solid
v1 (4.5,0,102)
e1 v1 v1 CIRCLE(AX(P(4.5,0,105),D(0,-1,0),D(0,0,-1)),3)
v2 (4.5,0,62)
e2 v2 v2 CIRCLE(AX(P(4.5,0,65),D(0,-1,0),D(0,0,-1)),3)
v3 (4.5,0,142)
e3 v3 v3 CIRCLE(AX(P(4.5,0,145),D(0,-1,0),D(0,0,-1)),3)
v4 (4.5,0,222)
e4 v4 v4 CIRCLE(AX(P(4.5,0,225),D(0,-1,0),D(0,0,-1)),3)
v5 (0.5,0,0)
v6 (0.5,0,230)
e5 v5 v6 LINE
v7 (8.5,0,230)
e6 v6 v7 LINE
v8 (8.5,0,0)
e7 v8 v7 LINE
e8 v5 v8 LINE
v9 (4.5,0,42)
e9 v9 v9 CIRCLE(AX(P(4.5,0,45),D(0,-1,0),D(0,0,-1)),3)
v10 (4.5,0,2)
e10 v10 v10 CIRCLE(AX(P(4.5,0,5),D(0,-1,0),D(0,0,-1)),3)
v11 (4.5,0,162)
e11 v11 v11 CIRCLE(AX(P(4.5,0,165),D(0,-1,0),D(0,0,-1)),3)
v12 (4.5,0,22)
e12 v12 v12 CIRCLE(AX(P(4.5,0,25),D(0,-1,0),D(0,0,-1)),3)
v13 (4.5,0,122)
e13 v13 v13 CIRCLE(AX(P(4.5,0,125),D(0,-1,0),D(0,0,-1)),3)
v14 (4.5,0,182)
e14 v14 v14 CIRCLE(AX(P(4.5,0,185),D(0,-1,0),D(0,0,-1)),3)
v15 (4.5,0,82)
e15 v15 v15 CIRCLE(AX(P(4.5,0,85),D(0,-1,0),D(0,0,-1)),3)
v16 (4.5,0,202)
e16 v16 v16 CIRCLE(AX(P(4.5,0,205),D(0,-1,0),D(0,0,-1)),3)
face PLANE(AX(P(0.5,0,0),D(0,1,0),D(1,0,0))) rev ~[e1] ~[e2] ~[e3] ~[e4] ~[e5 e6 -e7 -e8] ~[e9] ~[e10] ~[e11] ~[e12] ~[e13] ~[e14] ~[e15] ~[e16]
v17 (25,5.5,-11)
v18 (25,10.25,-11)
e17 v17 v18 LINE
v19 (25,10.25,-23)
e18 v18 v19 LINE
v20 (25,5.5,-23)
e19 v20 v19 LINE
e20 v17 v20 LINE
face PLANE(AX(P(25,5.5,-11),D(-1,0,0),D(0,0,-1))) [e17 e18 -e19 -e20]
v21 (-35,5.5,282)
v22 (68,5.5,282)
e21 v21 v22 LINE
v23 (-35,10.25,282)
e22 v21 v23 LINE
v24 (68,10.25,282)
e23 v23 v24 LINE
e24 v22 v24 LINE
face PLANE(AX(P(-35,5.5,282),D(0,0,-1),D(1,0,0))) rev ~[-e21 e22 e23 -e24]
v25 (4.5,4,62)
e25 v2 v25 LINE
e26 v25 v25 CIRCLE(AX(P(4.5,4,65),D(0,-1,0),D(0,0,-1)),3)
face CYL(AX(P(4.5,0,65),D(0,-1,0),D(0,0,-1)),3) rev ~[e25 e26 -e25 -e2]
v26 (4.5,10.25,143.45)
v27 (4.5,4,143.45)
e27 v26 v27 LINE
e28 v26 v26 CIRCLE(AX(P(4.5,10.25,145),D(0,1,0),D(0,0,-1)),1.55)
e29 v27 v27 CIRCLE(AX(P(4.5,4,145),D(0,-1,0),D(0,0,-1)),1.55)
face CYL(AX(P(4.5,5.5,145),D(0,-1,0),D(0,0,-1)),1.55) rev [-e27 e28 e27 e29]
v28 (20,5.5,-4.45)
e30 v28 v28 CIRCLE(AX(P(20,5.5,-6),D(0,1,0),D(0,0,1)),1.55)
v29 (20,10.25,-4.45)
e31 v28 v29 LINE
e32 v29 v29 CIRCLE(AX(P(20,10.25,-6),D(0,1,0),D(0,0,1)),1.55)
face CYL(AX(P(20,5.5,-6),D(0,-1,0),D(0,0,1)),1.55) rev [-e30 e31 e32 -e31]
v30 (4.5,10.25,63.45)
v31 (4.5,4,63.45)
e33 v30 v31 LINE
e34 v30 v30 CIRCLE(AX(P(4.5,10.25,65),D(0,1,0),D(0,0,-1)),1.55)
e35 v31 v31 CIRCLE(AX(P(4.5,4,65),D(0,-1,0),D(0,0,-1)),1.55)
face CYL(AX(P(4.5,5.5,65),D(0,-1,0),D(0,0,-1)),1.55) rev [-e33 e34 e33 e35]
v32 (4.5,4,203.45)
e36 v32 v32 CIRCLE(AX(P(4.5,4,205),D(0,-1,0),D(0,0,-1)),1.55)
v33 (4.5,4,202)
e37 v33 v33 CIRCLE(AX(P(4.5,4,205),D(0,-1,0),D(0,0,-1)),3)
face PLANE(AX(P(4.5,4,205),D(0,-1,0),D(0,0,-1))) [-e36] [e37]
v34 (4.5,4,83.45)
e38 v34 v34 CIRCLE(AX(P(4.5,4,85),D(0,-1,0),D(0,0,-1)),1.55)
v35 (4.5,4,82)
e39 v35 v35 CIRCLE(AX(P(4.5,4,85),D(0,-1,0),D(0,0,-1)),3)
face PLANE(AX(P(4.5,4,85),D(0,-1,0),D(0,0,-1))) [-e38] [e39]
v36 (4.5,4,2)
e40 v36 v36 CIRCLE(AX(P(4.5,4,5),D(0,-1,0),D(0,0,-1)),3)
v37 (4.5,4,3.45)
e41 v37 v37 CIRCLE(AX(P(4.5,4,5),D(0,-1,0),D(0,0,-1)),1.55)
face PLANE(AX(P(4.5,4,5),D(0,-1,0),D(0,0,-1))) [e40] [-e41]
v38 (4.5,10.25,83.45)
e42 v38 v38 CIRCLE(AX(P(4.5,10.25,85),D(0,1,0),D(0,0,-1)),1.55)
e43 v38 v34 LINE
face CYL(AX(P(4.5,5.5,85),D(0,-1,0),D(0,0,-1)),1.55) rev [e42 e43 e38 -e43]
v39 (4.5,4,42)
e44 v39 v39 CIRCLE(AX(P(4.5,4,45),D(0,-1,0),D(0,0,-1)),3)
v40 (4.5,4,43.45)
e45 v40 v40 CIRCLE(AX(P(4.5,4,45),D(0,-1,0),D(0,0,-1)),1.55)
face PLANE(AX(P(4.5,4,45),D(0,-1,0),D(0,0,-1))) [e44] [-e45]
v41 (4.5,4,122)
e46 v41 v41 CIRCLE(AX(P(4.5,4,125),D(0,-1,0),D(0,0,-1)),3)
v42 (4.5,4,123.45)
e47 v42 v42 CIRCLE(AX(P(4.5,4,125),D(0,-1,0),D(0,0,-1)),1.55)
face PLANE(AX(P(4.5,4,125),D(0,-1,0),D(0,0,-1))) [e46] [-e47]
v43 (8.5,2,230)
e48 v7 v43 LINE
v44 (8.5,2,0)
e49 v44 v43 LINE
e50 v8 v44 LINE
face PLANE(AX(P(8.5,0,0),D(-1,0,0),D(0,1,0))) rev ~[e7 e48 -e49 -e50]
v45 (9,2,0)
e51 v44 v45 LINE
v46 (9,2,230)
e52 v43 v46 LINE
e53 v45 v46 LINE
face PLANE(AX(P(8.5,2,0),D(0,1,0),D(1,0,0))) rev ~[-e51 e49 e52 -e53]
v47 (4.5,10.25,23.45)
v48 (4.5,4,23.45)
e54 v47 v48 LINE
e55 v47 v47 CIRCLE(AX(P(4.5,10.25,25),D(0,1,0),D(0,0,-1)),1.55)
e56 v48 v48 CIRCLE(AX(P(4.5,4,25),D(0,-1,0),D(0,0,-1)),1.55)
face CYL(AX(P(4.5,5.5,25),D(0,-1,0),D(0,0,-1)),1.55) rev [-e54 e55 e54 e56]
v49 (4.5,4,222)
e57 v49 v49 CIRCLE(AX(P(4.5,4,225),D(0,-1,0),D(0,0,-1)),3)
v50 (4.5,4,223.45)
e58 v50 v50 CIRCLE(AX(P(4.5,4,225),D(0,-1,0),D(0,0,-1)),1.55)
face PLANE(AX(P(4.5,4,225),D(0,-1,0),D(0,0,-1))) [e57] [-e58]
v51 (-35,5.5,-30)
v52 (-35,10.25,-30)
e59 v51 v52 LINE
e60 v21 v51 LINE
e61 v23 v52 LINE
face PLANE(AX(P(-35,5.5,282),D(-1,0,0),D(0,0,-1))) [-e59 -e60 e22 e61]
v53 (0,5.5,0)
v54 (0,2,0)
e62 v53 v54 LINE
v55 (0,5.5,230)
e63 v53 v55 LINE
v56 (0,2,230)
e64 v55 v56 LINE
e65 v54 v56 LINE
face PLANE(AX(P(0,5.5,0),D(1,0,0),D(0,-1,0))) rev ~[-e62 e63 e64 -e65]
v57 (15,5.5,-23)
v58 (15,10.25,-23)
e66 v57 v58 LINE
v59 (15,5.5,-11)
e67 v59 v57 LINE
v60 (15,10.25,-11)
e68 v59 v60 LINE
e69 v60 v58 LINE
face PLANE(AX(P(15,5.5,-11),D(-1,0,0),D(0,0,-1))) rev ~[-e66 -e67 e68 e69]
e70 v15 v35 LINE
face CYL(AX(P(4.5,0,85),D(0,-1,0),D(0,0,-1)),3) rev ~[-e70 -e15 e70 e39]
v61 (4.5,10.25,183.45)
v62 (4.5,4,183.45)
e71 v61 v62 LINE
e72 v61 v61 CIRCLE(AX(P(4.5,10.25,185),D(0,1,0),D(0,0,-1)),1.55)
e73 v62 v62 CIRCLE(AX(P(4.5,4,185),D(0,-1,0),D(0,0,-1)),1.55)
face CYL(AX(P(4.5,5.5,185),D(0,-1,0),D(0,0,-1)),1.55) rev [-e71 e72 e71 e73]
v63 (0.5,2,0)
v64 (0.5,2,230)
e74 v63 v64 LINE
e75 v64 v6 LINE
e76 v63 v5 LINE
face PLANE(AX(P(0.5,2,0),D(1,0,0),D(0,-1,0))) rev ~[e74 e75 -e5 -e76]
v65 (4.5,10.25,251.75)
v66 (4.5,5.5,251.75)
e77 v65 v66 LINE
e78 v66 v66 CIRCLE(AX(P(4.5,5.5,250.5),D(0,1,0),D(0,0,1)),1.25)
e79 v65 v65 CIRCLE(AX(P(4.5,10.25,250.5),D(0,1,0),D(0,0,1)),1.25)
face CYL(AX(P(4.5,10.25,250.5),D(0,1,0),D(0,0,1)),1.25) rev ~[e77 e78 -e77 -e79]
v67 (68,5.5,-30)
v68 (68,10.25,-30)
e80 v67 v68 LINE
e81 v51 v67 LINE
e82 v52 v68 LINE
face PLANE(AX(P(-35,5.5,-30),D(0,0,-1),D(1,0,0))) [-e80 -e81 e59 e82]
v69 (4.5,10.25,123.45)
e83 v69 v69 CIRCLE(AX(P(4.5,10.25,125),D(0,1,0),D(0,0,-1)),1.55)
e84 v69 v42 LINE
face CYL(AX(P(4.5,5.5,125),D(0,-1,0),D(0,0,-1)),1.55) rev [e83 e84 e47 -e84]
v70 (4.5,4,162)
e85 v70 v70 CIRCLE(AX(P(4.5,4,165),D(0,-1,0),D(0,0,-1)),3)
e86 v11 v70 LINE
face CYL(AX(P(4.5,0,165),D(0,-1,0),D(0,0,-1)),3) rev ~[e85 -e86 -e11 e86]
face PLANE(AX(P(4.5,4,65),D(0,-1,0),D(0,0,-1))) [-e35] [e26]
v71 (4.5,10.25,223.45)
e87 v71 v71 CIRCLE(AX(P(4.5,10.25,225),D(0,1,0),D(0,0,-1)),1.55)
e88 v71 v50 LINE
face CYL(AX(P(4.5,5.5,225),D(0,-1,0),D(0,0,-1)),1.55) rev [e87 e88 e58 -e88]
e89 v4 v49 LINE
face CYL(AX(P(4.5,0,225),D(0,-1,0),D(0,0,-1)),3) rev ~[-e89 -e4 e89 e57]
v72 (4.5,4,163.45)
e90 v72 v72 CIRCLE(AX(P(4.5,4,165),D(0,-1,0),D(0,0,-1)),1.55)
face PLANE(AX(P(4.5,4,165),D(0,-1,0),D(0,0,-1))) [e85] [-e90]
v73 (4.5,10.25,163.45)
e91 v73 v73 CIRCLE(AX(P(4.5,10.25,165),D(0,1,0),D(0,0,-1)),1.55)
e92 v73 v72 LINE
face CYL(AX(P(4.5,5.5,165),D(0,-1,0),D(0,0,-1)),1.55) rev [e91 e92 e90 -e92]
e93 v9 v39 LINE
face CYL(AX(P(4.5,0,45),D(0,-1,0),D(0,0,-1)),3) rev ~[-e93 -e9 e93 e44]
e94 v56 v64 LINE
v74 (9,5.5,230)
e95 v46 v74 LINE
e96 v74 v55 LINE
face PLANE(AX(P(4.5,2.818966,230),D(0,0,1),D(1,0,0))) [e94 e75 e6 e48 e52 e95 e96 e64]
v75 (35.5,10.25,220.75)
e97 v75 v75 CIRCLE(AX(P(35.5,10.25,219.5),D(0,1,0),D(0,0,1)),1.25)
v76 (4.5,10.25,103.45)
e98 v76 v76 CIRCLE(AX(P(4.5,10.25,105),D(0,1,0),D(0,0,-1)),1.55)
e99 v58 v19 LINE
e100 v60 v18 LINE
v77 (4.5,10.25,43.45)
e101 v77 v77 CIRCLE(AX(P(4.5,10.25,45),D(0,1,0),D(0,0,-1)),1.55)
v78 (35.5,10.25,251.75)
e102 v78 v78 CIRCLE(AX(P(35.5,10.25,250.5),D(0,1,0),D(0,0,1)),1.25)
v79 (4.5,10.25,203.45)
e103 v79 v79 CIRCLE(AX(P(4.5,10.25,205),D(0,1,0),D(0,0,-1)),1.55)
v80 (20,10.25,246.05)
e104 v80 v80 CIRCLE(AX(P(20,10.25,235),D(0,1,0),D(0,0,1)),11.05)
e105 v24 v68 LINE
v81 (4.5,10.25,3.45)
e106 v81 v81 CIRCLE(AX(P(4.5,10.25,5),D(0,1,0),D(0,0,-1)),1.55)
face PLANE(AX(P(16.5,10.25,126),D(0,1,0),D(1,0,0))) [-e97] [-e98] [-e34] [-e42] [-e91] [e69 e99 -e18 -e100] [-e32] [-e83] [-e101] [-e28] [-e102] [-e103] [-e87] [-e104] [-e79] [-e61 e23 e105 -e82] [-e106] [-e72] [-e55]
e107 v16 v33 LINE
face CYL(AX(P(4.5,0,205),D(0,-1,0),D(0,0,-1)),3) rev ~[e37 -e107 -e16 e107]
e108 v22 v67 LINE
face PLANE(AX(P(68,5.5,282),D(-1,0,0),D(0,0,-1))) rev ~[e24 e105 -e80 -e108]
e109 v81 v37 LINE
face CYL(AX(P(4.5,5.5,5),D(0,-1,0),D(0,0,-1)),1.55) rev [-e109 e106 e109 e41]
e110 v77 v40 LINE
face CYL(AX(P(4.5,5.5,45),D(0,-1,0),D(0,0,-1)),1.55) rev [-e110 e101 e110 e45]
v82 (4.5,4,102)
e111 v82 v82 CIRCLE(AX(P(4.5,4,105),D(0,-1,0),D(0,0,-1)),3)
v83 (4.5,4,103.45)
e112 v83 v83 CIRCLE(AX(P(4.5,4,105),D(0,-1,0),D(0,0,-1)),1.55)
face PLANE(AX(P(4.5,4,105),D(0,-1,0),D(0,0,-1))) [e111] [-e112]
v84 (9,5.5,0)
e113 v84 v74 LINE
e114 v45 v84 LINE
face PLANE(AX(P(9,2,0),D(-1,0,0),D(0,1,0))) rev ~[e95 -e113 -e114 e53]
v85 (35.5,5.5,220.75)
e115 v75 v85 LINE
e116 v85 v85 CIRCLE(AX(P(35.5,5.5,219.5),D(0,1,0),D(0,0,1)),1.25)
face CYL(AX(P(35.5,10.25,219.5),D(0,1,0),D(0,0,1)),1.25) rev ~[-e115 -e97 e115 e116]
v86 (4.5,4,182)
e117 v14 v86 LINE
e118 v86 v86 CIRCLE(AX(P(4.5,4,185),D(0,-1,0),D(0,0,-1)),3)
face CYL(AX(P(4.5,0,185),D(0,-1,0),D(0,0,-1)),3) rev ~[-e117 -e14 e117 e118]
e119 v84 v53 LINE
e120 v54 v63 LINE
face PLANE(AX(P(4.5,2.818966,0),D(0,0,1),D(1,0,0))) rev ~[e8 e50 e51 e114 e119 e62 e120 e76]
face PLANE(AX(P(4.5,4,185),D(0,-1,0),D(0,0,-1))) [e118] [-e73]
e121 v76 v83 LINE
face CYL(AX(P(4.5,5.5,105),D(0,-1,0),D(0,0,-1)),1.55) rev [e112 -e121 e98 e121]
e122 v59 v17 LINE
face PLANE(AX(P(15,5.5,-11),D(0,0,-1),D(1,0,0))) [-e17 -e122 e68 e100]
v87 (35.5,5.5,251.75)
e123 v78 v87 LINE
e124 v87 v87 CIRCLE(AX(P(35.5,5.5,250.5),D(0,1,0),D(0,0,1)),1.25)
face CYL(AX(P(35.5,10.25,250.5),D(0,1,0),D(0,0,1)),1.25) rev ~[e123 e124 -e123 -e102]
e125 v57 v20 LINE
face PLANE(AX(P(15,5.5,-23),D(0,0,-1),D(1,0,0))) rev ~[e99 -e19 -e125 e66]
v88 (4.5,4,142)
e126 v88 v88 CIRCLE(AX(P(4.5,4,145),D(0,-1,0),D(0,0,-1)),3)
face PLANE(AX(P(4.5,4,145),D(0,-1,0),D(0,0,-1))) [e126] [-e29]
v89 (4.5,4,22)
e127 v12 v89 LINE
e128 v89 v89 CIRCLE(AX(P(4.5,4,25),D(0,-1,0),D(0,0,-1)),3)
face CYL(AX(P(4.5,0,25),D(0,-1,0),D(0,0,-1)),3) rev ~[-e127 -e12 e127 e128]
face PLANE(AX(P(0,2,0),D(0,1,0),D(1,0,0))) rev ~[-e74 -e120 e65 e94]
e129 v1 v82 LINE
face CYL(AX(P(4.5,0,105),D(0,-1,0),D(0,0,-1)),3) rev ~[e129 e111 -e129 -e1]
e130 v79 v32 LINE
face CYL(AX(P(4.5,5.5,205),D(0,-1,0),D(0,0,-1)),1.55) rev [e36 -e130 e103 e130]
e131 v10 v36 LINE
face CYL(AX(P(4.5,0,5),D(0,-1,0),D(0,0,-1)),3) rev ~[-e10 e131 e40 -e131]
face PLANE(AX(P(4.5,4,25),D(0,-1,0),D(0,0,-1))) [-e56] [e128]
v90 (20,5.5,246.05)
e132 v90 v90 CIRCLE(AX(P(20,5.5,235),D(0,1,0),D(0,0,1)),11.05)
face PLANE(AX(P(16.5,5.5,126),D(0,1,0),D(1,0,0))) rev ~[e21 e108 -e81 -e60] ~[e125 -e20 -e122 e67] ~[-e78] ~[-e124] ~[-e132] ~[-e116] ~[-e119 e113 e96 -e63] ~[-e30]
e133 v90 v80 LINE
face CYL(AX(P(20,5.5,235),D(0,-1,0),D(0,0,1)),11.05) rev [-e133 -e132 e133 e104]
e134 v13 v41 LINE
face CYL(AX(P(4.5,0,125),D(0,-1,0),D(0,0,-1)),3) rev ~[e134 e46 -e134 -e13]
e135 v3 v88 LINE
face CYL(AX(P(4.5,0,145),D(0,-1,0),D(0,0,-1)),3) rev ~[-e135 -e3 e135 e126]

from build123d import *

# Parameters (mm, degrees)
BOSS_EXTRUDE2_DEPTH = 230
SKETCH2_R           = 3
CUT_EXTRUDE1_DEPTH  = 4
SKETCH3_R           = 1.55
CUT_EXTRUDE2_DEPTH  = 4
LPATTERN1_COUNT     = 12
LPATTERN1_PITCH     = 20
SKETCH4_W           = 103
SKETCH4_H           = 312
SKETCH4_R           = 11.05
SKETCH4_R_2         = 1.55
SKETCH4_W_2         = 10
SKETCH4_H_2         = 12
BOSS_EXTRUDE3_DEPTH = 4.75
SKETCH5_R           = 1.25
CUT_EXTRUDE3_DEPTH  = 10


with BuildPart() as part:
    # Sketch1 → Boss-Extrude2 (new body)
    with BuildSketch(Plane.XY):
        Polygon((0.5, 2), (0.5, 0), (8.5, 0), (8.5, 2), (9, 2), (9, 5.5), (0, 5.5), (0, 2), align=None)
    extrude(amount=BOSS_EXTRUDE2_DEPTH)

    # Sketch2 → Cut-Extrude1 (cut)
    with BuildSketch(Plane(origin=(0, 0, 0), x_dir=(-1, 0, 0), z_dir=(0, -1, 0))):
        with Locations(Location((-4.5, -225, 0), (0, 0, 90))):
            Circle(SKETCH2_R)
    cut_extrude1 = extrude(amount=-CUT_EXTRUDE1_DEPTH, mode=Mode.SUBTRACT)

    # Sketch3 → Cut-Extrude2 (cut)
    with BuildSketch(Plane(origin=(0, 4, 0), x_dir=(-1, 0, 0), z_dir=(0, -1, 0))):
        with Locations(Location((-4.5, -225, 0), (0, 0, 90))):
            Circle(SKETCH3_R)
    cut_extrude2 = extrude(amount=-CUT_EXTRUDE2_DEPTH, mode=Mode.SUBTRACT)

    # LPattern1: Cut-Extrude1, Cut-Extrude2 ×12
    with Locations(*[(0, 0, -i * LPATTERN1_PITCH) for i in range(1, LPATTERN1_COUNT)]):
        add(cut_extrude1, mode=Mode.SUBTRACT)
        add(cut_extrude2, mode=Mode.SUBTRACT)

    # Sketch4 → Boss-Extrude3 (add)
    with BuildSketch(Plane(origin=(0, 5.5, 0), x_dir=(1, 0, 0), z_dir=(0, 1, 0))):
        with Locations((16.5, -126)):
            Rectangle(SKETCH4_W, SKETCH4_H)
        with Locations(Location((20, -235, 0), (0, 0, 270))):
            Circle(SKETCH4_R, mode=Mode.SUBTRACT)
        with Locations(Location((20, 6, 0), (0, 0, 270))):
            Circle(SKETCH4_R_2, mode=Mode.SUBTRACT)
        with Locations(Location((4.5, -225, 0), (0, 0, 90))):
            Circle(SKETCH4_R_2, mode=Mode.SUBTRACT)
        with Locations(Location((4.5, -205, 0), (0, 0, 90))):
            Circle(SKETCH4_R_2, mode=Mode.SUBTRACT)
        with Locations(Location((4.5, -185, 0), (0, 0, 90))):
            Circle(SKETCH4_R_2, mode=Mode.SUBTRACT)
        with Locations(Location((4.5, -165, 0), (0, 0, 90))):
            Circle(SKETCH4_R_2, mode=Mode.SUBTRACT)
        with Locations(Location((4.5, -145, 0), (0, 0, 90))):
            Circle(SKETCH4_R_2, mode=Mode.SUBTRACT)
        with Locations(Location((4.5, -125, 0), (0, 0, 90))):
            Circle(SKETCH4_R_2, mode=Mode.SUBTRACT)
        with Locations(Location((4.5, -105, 0), (0, 0, 90))):
            Circle(SKETCH4_R_2, mode=Mode.SUBTRACT)
        with Locations(Location((4.5, -85, 0), (0, 0, 90))):
            Circle(SKETCH4_R_2, mode=Mode.SUBTRACT)
        with Locations(Location((4.5, -65, 0), (0, 0, 90))):
            Circle(SKETCH4_R_2, mode=Mode.SUBTRACT)
        with Locations(Location((4.5, -45, 0), (0, 0, 90))):
            Circle(SKETCH4_R_2, mode=Mode.SUBTRACT)
        with Locations(Location((4.5, -25, 0), (0, 0, 90))):
            Circle(SKETCH4_R_2, mode=Mode.SUBTRACT)
        with Locations(Location((4.5, -5, 0), (0, 0, 90))):
            Circle(SKETCH4_R_2, mode=Mode.SUBTRACT)
        with Locations((20, 17)):
            Rectangle(SKETCH4_W_2, SKETCH4_H_2, mode=Mode.SUBTRACT)
    extrude(amount=BOSS_EXTRUDE3_DEPTH)

    # Sketch5 → Cut-Extrude3 (cut)
    with BuildSketch(Plane(origin=(0, 10.25, 0), x_dir=(1, 0, 0), z_dir=(0, 1, 0))):
        with Locations(Location((35.5, -250.5, 0), (0, 0, 270))):
            Circle(SKETCH5_R)
        with Locations(Location((4.5, -250.5, 0), (0, 0, 270))):
            Circle(SKETCH5_R)
        with Locations(Location((35.5, -219.5, 0), (0, 0, 270))):
            Circle(SKETCH5_R)
    extrude(amount=-CUT_EXTRUDE3_DEPTH, mode=Mode.SUBTRACT)


solid = part.part
